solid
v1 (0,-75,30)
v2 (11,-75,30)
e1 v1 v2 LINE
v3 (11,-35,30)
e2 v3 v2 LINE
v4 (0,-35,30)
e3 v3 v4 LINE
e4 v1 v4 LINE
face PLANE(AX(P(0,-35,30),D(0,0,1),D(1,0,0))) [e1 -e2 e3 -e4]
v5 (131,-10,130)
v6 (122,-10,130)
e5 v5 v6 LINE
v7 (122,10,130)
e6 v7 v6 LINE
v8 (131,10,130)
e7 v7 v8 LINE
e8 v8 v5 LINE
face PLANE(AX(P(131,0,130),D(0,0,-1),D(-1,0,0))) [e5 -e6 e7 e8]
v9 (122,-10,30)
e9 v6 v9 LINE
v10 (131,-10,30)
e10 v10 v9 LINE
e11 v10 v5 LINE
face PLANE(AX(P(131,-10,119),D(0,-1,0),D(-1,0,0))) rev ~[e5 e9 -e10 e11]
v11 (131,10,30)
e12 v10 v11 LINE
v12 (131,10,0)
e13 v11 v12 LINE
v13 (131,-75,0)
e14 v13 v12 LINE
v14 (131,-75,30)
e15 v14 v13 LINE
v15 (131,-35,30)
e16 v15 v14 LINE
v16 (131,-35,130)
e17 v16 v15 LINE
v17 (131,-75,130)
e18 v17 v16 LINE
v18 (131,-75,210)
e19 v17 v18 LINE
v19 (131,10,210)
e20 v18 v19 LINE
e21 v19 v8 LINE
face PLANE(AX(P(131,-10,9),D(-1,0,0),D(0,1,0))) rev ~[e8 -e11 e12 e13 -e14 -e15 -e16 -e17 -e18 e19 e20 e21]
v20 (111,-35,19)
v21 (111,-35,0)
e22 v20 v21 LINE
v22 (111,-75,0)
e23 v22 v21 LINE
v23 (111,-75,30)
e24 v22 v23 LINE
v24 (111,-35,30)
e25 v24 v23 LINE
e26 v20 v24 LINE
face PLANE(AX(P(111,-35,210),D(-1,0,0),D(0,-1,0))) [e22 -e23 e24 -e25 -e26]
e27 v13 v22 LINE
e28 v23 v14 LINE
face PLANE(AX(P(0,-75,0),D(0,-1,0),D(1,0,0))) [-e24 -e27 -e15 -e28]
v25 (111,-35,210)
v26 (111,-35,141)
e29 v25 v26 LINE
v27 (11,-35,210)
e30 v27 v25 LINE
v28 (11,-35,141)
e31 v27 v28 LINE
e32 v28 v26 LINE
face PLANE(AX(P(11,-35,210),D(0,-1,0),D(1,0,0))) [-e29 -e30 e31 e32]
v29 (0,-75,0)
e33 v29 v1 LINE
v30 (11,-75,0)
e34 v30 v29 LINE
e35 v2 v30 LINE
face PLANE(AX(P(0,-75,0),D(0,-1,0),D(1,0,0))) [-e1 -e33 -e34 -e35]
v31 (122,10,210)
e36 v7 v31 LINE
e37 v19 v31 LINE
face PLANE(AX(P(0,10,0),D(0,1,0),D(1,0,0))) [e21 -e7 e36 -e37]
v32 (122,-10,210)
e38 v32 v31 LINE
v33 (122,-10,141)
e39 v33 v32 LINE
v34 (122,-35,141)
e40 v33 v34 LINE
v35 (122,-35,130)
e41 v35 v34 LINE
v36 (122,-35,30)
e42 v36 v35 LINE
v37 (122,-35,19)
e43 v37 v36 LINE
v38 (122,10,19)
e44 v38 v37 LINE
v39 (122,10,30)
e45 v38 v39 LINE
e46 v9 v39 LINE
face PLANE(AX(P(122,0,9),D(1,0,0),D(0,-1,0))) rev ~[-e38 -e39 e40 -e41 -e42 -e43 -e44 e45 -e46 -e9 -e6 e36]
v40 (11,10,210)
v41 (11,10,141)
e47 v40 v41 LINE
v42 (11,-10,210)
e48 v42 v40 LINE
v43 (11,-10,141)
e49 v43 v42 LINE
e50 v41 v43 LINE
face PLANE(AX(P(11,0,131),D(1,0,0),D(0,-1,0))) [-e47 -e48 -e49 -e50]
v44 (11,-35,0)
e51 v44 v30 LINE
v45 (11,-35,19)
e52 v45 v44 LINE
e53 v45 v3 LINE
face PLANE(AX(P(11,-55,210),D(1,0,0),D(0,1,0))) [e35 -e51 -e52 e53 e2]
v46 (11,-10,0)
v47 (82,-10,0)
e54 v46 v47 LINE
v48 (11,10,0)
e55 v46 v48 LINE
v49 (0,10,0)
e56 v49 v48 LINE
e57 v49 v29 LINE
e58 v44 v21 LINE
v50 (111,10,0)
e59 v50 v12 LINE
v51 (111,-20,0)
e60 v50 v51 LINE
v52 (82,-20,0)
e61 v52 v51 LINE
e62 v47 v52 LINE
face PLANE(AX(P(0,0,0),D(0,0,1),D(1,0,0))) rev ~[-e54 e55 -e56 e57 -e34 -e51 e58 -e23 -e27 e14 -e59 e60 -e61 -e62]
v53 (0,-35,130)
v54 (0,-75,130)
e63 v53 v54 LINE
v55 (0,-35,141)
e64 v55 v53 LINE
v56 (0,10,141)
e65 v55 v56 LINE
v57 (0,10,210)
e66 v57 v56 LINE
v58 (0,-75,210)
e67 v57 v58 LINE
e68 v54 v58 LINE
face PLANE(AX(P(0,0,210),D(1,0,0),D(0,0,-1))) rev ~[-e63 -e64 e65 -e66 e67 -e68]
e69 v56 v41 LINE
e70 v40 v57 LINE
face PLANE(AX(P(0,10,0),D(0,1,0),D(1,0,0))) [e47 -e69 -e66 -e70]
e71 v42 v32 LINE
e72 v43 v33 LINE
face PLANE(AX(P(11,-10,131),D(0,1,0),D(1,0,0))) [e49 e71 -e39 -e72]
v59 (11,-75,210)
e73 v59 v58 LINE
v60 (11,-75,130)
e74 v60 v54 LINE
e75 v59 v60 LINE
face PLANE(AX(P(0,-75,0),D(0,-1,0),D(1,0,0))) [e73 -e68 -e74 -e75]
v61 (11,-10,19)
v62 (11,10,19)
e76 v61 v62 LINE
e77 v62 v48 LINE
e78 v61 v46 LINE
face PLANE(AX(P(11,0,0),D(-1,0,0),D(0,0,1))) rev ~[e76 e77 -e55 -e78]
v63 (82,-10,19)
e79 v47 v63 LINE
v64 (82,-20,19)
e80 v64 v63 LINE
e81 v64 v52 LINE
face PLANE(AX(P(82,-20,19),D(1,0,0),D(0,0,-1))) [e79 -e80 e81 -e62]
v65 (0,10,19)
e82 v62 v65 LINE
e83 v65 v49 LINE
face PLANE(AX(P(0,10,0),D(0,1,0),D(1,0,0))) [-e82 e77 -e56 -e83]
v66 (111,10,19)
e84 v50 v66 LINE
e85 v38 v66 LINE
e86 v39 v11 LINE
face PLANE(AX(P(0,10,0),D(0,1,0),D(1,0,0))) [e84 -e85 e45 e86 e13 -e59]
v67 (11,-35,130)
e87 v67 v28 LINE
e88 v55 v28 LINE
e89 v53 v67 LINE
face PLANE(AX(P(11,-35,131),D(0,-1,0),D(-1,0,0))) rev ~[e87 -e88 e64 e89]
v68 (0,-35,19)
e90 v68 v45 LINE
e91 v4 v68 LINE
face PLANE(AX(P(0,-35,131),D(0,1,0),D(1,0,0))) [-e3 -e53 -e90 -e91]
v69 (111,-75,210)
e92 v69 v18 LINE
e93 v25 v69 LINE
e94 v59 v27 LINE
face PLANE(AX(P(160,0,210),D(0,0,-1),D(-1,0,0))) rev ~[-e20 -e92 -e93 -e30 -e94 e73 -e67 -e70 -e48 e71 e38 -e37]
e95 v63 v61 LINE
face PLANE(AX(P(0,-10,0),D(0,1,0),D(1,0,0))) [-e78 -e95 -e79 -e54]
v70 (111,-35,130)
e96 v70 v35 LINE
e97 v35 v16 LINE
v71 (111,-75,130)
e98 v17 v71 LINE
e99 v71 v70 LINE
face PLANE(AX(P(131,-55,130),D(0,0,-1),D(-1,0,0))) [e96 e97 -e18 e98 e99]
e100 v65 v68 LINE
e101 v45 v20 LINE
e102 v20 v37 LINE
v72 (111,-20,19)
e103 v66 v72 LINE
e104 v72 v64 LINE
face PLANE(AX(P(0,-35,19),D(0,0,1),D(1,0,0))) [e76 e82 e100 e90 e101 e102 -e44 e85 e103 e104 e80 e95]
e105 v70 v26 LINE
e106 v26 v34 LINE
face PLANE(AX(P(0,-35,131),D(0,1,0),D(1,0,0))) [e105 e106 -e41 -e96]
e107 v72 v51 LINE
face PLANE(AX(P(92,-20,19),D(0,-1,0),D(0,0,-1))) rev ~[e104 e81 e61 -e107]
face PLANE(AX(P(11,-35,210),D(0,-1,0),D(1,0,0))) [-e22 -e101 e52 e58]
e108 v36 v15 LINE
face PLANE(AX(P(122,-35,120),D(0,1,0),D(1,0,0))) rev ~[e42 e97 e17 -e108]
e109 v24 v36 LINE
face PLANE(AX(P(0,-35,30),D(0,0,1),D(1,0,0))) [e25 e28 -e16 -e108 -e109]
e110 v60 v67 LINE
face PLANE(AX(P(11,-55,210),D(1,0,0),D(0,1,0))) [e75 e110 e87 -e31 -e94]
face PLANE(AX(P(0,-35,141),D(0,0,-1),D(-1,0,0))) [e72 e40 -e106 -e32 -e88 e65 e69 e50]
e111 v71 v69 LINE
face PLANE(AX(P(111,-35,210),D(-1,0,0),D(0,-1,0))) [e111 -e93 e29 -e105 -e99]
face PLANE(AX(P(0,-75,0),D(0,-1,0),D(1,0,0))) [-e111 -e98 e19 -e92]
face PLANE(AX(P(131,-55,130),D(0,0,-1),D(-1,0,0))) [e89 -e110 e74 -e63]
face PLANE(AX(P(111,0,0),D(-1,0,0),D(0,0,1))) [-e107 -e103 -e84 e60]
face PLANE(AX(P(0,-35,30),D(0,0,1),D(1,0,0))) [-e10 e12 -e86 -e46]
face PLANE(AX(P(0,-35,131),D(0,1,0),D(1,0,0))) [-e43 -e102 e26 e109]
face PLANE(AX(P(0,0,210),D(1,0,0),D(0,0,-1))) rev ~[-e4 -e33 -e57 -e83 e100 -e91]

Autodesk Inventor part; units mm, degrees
ref_plane "YZ Plane" through (0, 0, 0) normal (1, 0, 0) x (0, 1, 0)
ref_plane "XZ Plane" through (0, 0, 0) normal (0, 1, 0) x (-1, 0, 0)
ref_plane "XY Plane" through (0, 0, 0) normal (0, 0, 1) x (1, 0, 0)
sketch "Sketch1" plane through (0, 0, 0) normal (0, 1, 0) x (-1, 0, 0)
  point P0 (0, 0)
sketch "Sketch2" plane through (0, 0, 0) normal (0, 1, 0) x (-1, 0, 0)
  line L0 (0, 0) -> (-160, 0)
  line L1 (-160, 0) -> (-160, 210)
  line L2 (-160, 210) -> (0, 210)
  line L3 (0, 210) -> (0, 0)
  dimension "d0" = 160
  dimension "d1" = 210
extrude "Extrusion1" add sketch "Sketch2" against normal blind 55
sketch "Sketch3" plane through (0, 0, 0) normal (-1, 0, 0) x (0, 0, 1)
  line L0 (0, 0) -> (0, -55) projected
  line L1 (0, 0) -> (9, 0)
  line L2 (9, 0) -> (9, -10)
  line L3 (9, -10) -> (0, -10)
  line L4 (0, -10) -> (0, 0)
  line L5 (0, 0) -> (210, 0) projected
  line L6 (9, -10) -> (131, -10)
  line L7 (131, -10) -> (131, 0)
  line L8 (131, 0) -> (9, 0)
  line L9 (9, 0) -> (9, -10)
  dimension "d4" = 9
  dimension "d5" = 10
  dimension "d6" = 122
extrude "Extrusion2" cut sketch "Sketch3" against normal blind 122 contours L5 L7 L6 L2
sketch "Sketch4" plane through (160, 0, 210) normal (1, 0, 0) x (0, 0, -1)
  line L0 (210, 0) -> (210, -55) projected
  line L1 (210, -55) -> (0, -55)
  line L2 (0, -55) -> (0, 0)
  line L3 (0, 0) -> (210, 0)
  line L4 (210, 0) -> (210, -55)
extrude "Extrusion3" cut sketch "Sketch4" against normal blind 29
sketch "Sketch5" plane through (0, -10, 131) normal (0, 1, 0) x (1, 0, 0)
  line L0 (122, 122) -> (122, 0) projected
  line L1 (0, 122) -> (122, 122)
  line L2 (122, 122) -> (122, 0)
  line L3 (122, 0) -> (0, 0)
  line L4 (0, 0) -> (0, 122)
  point P0 (0, 131)
extrude "Extrusion4" cut sketch "Sketch5" against normal blind 25
sketch "Sketch6" plane through (0, -35, 131) normal (0, 1, 0) x (1, 0, 0)
  line L0 (0, 122) -> (122, 122) projected
  line L1 (0, 122) -> (11, 122)
  line L2 (11, 122) -> (11, 111)
  line L3 (11, 111) -> (0, 111)
  line L4 (0, 111) -> (0, 122)
  line L5 (122, 122) -> (122, 0) projected
  line L6 (122, 122) -> (111, 122)
  line L7 (111, 122) -> (111, 111)
  line L8 (111, 111) -> (122, 111)
  line L9 (122, 111) -> (122, 122)
  line L10 (11, 111) -> (111, 111)
  line L11 (111, 111) -> (111, 11)
  line L12 (111, 11) -> (11, 11)
  line L13 (11, 11) -> (11, 111)
  point P0 (0, 131)
  dimension "d13" = 11
  dimension "d14" = 11
  dimension "d15" = 11
  dimension "d16" = 11
  dimension "d17" = 100
extrude "Extrusion5" cut sketch "Sketch6" against normal blind 20 contours L10 L11 L12 L13
sketch "Sketch7" plane through (0, -35, 131) normal (0, 1, 0) x (1, 0, 0)
  line L0 (11, 11) -> (11, 111) projected
  line L1 (0, 122) -> (122, 122) projected
  line L2 (11, 111) -> (111, 111)
  line L3 (111, 111) -> (111, 122)
  line L4 (111, 122) -> (11, 122)
  line L5 (11, 122) -> (11, 111)
  line L6 (0, 0) -> (0, 122) projected
  line L7 (11, 111) -> (0, 111)
  line L8 (0, 111) -> (0, 11)
  line L9 (0, 11) -> (11, 11)
  line L10 (11, 11) -> (11, 111)
  line L11 (111, 111) -> (111, 11) projected
  line L12 (122, 122) -> (122, 0) projected
  line L13 (111, 111) -> (122, 111)
  line L14 (122, 111) -> (122, 11)
  line L15 (122, 11) -> (111, 11)
  line L16 (111, 11) -> (111, 111)
  line L17 (111, 11) -> (11, 11) projected
  line L18 (11, 11) -> (111, 11)
  line L19 (111, 11) -> (111, 0)
  line L20 (111, 0) -> (11, 0)
  line L21 (11, 0) -> (11, 11)
  point P0 (0, 131)
  dimension "d20" = 100
  dimension "d21" = 100
  dimension "d22" = 100
  dimension "d23" = 11
extrude "Extrusion6" cut sketch "Sketch7" against normal blind 20 contours L9 L6 L7 L0 | L17 L19 L20 L21 | L5 L1 L3 L2 | L11 L13 L12 L15
sketch "Sketch8" plane through (0, 0, 0) normal (0, 1, 0) x (1, 0, 0)
  line L0 (0, 0) -> (131, 0) projected
  line L1 (0, -9) -> (122, -9) projected
  line L2 (131, 0) -> (111, 0)
  line L3 (111, 0) -> (111, -9)
  line L4 (111, -9) -> (131, -9)
  line L5 (131, -9) -> (131, 0)
  line L6 (111, 0) -> (11, 0)
  line L7 (11, 0) -> (11, -9)
  line L8 (11, -9) -> (111, -9)
  line L9 (111, -9) -> (111, 0)
  line L10 (131, -9) -> (122, -9)
  line L11 (122, -9) -> (122, -119)
  line L12 (122, -119) -> (131, -119)
  line L13 (131, -119) -> (131, -9)
  dimension "d26" = 20
  dimension "d27" = 100
  dimension "d28" = 9
  dimension "d29" = 110
extrude "Extrusion7" cut sketch "Sketch8" against normal blind 10 contours L0 L3 L1 L7 | L13 L12 L11 L4
sketch "Sketch10" plane through (0, -35, 9) normal (0, 0, 1) x (1, 0, 0)
  line L0 (111, 35) -> (131, 35) projected
  line L1 (131, 35) -> (122, 35)
  line L2 (122, 35) -> (122, 25)
  line L3 (122, 25) -> (131, 25)
  line L4 (131, 25) -> (131, 35)
  point P0 (0, 35)
extrude "Extrusion8" add sketch "Sketch10" along normal blind 11
sketch "Sketch11" plane through (122, 0, 131) normal (0, 0, -1) x (-1, 0, 0)
  line L0 (0, 0) -> (122, 0) projected
  line L1 (0, 0) -> (111, 0)
  line L2 (111, 0) -> (111, -10)
  line L3 (111, -10) -> (0, -10)
  line L4 (0, -10) -> (0, 0)
  dimension "d38" = 111
  dimension "d39" = 10
extrude "Extrusion9" cut sketch "Sketch11" against normal blind 80
sketch "Sketch12" plane through (0, -55, 210) normal (0, 0, 1) x (1, 0, 0)
  line L0 (122, 45) -> (11, 45) projected
  line L1 (11, 45) -> (11, 20)
  line L2 (131, 0) -> (0, 0) projected
  line L3 (11, 20) -> (111, 20)
  line L4 (111, 20) -> (111, 0)
  line L5 (111, 0) -> (11, 0)
  line L6 (11, 0) -> (11, 20)
  point P0 (0, 55)
  dimension "d42" = 25
  dimension "d43" = 100
extrude "Extrusion10" cut sketch "Sketch12" against normal blind 220
sketch "Sketch13" plane through (122, 0, 0) normal (-1, 0, 0) x (0, 0, 1)
  line L0 (0, -55) -> (210, -55) projected
  line L1 (20, -35) -> (120, -35)
  line L2 (120, -35) -> (120, -55)
  line L3 (120, -55) -> (20, -55)
  line L4 (20, -55) -> (20, -35)
  point P0 (0, 0)
  dimension "d46" = 100
extrude "Extrusion11" cut sketch "Sketch13" against normal blind 9
sketch "Sketch14" plane through (0, -35, 9) normal (0, 0, 1) x (1, 0, 0)
  line L0 (0, 35) -> (11, 35) projected
  line L1 (0, 35) -> (11, 35)
  line L2 (11, 35) -> (11, 0)
  line L3 (11, 0) -> (0, 0)
  line L4 (0, 0) -> (0, 35)
  line L5 (111, 25) -> (11, 25) projected
  line L6 (111, 0) -> (122, 0) projected
  line L7 (11, 25) -> (122, 25)
  line L8 (122, 25) -> (122, 0)
  line L9 (122, 0) -> (11, 0)
  line L10 (11, 0) -> (11, 25)
  line L11 (111, 25) -> (111, 35) projected
  line L12 (111, 35) -> (122, 35)
  line L13 (122, 35) -> (122, 25)
  line L14 (122, 25) -> (111, 25)
  line L15 (111, 25) -> (111, 35)
sketch "Sketch15" plane through (0, -35, 20) normal (0, 0, 1) x (1, 0, 0)
  line L0 (11, 0) -> (11, -20) projected
  line L1 (0, -20) -> (11, -20)
  line L2 (11, -20) -> (11, 0)
  line L3 (11, 0) -> (0, 0)
  line L4 (0, 0) -> (0, -20)
  line L5 (131, 0) -> (131, -20) projected
  line L6 (111.5686, -20) -> (131, -20)
  line L7 (131, -20) -> (131, 0)
  line L8 (131, 0) -> (111.5686, 0)
  line L9 (122, 35) -> (122, 25) projected
  line L10 (131, 25) -> (122, 25) projected
  line L11 (122, 35) -> (131, 35)
  line L12 (131, 35) -> (131, 25)
  line L13 (131, 25) -> (122, 25)
  line L14 (122, 25) -> (122, 35)
  line L15 (111, 0) -> (111, -20) projected
  line L16 (111, 0) -> (131, 0)
  line L17 (131, 0) -> (131, -20)
  line L18 (131, -20) -> (111, -20)
  line L19 (111, -20) -> (111, 0)
  point P0 (0, 35)
extrude "Extrusion12" add sketch "Sketch14" along normal blind 10
extrude "Extrusion13" add sketch "Sketch15" along normal blind 10
sketch "Sketch16" plane through (0, -35, 131) normal (0, 0, -1) x (-1, 0, 0)
  line L0 (-11, 35) -> (-11, 25) projected
  line L1 (-11, 0) -> (0, 0) projected
  line L2 (-11, 35) -> (0, 35)
  line L3 (0, 35) -> (0, 0)
  line L4 (0, 0) -> (-11, 0)
  line L5 (-11, 0) -> (-11, 35)
  line L6 (-11, 25) -> (-122, 25) projected
  line L7 (-122, 25) -> (-122, 0) projected
  line L8 (-11, 25) -> (-122, 25)
  line L9 (-122, 25) -> (-122, 0)
  line L10 (-122, 0) -> (-11, 0)
  line L11 (-11, 0) -> (-11, 25)
extrude "Extrusion14" cut sketch "Sketch16" against normal blind 10
sketch "Sketch18" plane through (131, -55, 120) normal (0, 0, -1) x (-1, 0, 0)
  line L0 (0, 0) -> (0, 20) projected
  line L1 (9, 20) -> (20, 20) projected
  line L2 (0, 0) -> (20, 0)
  line L3 (20, 0) -> (20, 20)
  line L4 (20, 20) -> (0, 20)
  line L5 (0, 20) -> (0, 0)
  line L6 (120, 20) -> (120, 0) projected
  line L7 (131, 20) -> (131, 0) projected
  line L8 (120, 0) -> (131, 0)
  line L9 (131, 0) -> (131, 20)
  line L10 (131, 20) -> (120, 20)
  line L11 (120, 20) -> (120, 0)
  point P0 (131, 55)
extrude "Extrusion15" cut sketch "Sketch18" against normal blind 10
sketch "Sketch19" plane through (131, 0, 119) normal (0, 0, -1) x (-1, 0, 0)
  line L0 (0, -10) -> (9, -10) projected
  line L1 (9, -10) -> (0, -10)
  line L2 (0, -10) -> (0, 0)
  line L3 (0, 0) -> (9, 0)
  line L4 (9, 0) -> (9, -10)
  point P0 (131, 0)
extrude "Extrusion16" cut sketch "Sketch19" against normal blind 11
sketch "Sketch20" plane through (0, -35, 19) normal (0, 0, 1) x (1, 0, 0)
  line L0 (11, 25) -> (111, 25) projected
  line L1 (111, 25) -> (92, 25)
  line L2 (92, 25) -> (92, 15)
  line L3 (92, 15) -> (111, 15)
  line L4 (111, 15) -> (111, 25)
  point P0 (0, 35)
  dimension "d59" = 19
  dimension "d60" = 10
extrude "Extrusion17" cut sketch "Sketch20" against normal blind 19
sketch "Sketch21" plane through (92, -20, 19) normal (1, 0, 0) x (0, 0, -1)
  line L0 (0, 0) -> (0, 10) projected
  line L1 (19, 10) -> (19, 0) projected
  line L2 (0, 0) -> (19, 0)
  line L3 (19, 0) -> (19, 10)
  line L4 (19, 10) -> (0, 10)
  line L5 (0, 10) -> (0, 0)
  point P0 (19, 20)
extrude "Extrusion18" cut sketch "Sketch21" against normal blind 10
sketch "Sketch22" plane through (0, -55, 0) normal (0, -1, 0) x (1, 0, 0)
  line L0 (11, 210) -> (0, 210) projected
  line L1 (11, 141) -> (11, 130) projected
  line L2 (0, 210) -> (11, 210)
  line L3 (11, 210) -> (11, 130)
  line L4 (11, 130) -> (0, 130)
  line L5 (0, 130) -> (0, 210)
  line L6 (11, 210) -> (111, 210) projected
  line L7 (131, 130) -> (131, 210) projected
  line L8 (111, 210) -> (131, 210)
  line L9 (131, 210) -> (131, 130)
  line L10 (131, 130) -> (111, 130)
  line L11 (111, 130) -> (111, 210)
  line L12 (0, 30) -> (0, 19) projected
  line L13 (11, 19) -> (11, 0) projected
  line L14 (0, 30) -> (11, 30)
  line L15 (11, 30) -> (11, 0)
  line L16 (11, 0) -> (0, 0)
  line L17 (0, 0) -> (0, 30)
  line L18 (131, 30) -> (131, 0) projected
  line L19 (111, 30) -> (131, 30)
  line L20 (131, 30) -> (131, 0)
  line L21 (131, 0) -> (111, 0)
  line L22 (111, 0) -> (111, 30)
extrude "Extrusion19" add sketch "Sketch22" along normal blind 20
sketch "Sketch23" plane through (0, 0, 0) normal (0, 1, 0) x (1, 0, 0)
  line L0 (0, 0) -> (11, 0) projected
  line L1 (11, -19) -> (11, 0) projected
  line L2 (0, 0) -> (11, 0)
  line L3 (11, 0) -> (11, -19)
  line L4 (11, -19) -> (0, -19)
  line L5 (0, -19) -> (0, 0)
  line L6 (111, 0) -> (111, -19) projected
  line L7 (122, -19) -> (122, -30) projected
  line L8 (111, 0) -> (122, 0)
  line L9 (122, 0) -> (122, -19)
  line L10 (122, -19) -> (111, -19)
  line L11 (111, -19) -> (111, 0)
  line L12 (131, -30) -> (131, 0) projected
  line L13 (122, -30) -> (131, -30)
  line L14 (131, -30) -> (131, 0)
  line L15 (131, 0) -> (122, 0)
  line L16 (122, 0) -> (122, -30)
  line L17 (122, -130) -> (122, -210) projected
  line L18 (131, -210) -> (131, -130) projected
  line L19 (122, -130) -> (131, -130)
  line L20 (131, -130) -> (131, -210)
  line L21 (131, -210) -> (122, -210)
  line L22 (122, -210) -> (122, -130)
  line L23 (11, -210) -> (11, -141) projected
  line L24 (0, -141) -> (11, -141)
  line L25 (11, -141) -> (11, -210)
  line L26 (11, -210) -> (0, -210)
  line L27 (0, -210) -> (0, -141)
extrude "Extrusion20" add sketch "Sketch23" along normal blind 10
properties part number "120mmLaptopStand-Right"
